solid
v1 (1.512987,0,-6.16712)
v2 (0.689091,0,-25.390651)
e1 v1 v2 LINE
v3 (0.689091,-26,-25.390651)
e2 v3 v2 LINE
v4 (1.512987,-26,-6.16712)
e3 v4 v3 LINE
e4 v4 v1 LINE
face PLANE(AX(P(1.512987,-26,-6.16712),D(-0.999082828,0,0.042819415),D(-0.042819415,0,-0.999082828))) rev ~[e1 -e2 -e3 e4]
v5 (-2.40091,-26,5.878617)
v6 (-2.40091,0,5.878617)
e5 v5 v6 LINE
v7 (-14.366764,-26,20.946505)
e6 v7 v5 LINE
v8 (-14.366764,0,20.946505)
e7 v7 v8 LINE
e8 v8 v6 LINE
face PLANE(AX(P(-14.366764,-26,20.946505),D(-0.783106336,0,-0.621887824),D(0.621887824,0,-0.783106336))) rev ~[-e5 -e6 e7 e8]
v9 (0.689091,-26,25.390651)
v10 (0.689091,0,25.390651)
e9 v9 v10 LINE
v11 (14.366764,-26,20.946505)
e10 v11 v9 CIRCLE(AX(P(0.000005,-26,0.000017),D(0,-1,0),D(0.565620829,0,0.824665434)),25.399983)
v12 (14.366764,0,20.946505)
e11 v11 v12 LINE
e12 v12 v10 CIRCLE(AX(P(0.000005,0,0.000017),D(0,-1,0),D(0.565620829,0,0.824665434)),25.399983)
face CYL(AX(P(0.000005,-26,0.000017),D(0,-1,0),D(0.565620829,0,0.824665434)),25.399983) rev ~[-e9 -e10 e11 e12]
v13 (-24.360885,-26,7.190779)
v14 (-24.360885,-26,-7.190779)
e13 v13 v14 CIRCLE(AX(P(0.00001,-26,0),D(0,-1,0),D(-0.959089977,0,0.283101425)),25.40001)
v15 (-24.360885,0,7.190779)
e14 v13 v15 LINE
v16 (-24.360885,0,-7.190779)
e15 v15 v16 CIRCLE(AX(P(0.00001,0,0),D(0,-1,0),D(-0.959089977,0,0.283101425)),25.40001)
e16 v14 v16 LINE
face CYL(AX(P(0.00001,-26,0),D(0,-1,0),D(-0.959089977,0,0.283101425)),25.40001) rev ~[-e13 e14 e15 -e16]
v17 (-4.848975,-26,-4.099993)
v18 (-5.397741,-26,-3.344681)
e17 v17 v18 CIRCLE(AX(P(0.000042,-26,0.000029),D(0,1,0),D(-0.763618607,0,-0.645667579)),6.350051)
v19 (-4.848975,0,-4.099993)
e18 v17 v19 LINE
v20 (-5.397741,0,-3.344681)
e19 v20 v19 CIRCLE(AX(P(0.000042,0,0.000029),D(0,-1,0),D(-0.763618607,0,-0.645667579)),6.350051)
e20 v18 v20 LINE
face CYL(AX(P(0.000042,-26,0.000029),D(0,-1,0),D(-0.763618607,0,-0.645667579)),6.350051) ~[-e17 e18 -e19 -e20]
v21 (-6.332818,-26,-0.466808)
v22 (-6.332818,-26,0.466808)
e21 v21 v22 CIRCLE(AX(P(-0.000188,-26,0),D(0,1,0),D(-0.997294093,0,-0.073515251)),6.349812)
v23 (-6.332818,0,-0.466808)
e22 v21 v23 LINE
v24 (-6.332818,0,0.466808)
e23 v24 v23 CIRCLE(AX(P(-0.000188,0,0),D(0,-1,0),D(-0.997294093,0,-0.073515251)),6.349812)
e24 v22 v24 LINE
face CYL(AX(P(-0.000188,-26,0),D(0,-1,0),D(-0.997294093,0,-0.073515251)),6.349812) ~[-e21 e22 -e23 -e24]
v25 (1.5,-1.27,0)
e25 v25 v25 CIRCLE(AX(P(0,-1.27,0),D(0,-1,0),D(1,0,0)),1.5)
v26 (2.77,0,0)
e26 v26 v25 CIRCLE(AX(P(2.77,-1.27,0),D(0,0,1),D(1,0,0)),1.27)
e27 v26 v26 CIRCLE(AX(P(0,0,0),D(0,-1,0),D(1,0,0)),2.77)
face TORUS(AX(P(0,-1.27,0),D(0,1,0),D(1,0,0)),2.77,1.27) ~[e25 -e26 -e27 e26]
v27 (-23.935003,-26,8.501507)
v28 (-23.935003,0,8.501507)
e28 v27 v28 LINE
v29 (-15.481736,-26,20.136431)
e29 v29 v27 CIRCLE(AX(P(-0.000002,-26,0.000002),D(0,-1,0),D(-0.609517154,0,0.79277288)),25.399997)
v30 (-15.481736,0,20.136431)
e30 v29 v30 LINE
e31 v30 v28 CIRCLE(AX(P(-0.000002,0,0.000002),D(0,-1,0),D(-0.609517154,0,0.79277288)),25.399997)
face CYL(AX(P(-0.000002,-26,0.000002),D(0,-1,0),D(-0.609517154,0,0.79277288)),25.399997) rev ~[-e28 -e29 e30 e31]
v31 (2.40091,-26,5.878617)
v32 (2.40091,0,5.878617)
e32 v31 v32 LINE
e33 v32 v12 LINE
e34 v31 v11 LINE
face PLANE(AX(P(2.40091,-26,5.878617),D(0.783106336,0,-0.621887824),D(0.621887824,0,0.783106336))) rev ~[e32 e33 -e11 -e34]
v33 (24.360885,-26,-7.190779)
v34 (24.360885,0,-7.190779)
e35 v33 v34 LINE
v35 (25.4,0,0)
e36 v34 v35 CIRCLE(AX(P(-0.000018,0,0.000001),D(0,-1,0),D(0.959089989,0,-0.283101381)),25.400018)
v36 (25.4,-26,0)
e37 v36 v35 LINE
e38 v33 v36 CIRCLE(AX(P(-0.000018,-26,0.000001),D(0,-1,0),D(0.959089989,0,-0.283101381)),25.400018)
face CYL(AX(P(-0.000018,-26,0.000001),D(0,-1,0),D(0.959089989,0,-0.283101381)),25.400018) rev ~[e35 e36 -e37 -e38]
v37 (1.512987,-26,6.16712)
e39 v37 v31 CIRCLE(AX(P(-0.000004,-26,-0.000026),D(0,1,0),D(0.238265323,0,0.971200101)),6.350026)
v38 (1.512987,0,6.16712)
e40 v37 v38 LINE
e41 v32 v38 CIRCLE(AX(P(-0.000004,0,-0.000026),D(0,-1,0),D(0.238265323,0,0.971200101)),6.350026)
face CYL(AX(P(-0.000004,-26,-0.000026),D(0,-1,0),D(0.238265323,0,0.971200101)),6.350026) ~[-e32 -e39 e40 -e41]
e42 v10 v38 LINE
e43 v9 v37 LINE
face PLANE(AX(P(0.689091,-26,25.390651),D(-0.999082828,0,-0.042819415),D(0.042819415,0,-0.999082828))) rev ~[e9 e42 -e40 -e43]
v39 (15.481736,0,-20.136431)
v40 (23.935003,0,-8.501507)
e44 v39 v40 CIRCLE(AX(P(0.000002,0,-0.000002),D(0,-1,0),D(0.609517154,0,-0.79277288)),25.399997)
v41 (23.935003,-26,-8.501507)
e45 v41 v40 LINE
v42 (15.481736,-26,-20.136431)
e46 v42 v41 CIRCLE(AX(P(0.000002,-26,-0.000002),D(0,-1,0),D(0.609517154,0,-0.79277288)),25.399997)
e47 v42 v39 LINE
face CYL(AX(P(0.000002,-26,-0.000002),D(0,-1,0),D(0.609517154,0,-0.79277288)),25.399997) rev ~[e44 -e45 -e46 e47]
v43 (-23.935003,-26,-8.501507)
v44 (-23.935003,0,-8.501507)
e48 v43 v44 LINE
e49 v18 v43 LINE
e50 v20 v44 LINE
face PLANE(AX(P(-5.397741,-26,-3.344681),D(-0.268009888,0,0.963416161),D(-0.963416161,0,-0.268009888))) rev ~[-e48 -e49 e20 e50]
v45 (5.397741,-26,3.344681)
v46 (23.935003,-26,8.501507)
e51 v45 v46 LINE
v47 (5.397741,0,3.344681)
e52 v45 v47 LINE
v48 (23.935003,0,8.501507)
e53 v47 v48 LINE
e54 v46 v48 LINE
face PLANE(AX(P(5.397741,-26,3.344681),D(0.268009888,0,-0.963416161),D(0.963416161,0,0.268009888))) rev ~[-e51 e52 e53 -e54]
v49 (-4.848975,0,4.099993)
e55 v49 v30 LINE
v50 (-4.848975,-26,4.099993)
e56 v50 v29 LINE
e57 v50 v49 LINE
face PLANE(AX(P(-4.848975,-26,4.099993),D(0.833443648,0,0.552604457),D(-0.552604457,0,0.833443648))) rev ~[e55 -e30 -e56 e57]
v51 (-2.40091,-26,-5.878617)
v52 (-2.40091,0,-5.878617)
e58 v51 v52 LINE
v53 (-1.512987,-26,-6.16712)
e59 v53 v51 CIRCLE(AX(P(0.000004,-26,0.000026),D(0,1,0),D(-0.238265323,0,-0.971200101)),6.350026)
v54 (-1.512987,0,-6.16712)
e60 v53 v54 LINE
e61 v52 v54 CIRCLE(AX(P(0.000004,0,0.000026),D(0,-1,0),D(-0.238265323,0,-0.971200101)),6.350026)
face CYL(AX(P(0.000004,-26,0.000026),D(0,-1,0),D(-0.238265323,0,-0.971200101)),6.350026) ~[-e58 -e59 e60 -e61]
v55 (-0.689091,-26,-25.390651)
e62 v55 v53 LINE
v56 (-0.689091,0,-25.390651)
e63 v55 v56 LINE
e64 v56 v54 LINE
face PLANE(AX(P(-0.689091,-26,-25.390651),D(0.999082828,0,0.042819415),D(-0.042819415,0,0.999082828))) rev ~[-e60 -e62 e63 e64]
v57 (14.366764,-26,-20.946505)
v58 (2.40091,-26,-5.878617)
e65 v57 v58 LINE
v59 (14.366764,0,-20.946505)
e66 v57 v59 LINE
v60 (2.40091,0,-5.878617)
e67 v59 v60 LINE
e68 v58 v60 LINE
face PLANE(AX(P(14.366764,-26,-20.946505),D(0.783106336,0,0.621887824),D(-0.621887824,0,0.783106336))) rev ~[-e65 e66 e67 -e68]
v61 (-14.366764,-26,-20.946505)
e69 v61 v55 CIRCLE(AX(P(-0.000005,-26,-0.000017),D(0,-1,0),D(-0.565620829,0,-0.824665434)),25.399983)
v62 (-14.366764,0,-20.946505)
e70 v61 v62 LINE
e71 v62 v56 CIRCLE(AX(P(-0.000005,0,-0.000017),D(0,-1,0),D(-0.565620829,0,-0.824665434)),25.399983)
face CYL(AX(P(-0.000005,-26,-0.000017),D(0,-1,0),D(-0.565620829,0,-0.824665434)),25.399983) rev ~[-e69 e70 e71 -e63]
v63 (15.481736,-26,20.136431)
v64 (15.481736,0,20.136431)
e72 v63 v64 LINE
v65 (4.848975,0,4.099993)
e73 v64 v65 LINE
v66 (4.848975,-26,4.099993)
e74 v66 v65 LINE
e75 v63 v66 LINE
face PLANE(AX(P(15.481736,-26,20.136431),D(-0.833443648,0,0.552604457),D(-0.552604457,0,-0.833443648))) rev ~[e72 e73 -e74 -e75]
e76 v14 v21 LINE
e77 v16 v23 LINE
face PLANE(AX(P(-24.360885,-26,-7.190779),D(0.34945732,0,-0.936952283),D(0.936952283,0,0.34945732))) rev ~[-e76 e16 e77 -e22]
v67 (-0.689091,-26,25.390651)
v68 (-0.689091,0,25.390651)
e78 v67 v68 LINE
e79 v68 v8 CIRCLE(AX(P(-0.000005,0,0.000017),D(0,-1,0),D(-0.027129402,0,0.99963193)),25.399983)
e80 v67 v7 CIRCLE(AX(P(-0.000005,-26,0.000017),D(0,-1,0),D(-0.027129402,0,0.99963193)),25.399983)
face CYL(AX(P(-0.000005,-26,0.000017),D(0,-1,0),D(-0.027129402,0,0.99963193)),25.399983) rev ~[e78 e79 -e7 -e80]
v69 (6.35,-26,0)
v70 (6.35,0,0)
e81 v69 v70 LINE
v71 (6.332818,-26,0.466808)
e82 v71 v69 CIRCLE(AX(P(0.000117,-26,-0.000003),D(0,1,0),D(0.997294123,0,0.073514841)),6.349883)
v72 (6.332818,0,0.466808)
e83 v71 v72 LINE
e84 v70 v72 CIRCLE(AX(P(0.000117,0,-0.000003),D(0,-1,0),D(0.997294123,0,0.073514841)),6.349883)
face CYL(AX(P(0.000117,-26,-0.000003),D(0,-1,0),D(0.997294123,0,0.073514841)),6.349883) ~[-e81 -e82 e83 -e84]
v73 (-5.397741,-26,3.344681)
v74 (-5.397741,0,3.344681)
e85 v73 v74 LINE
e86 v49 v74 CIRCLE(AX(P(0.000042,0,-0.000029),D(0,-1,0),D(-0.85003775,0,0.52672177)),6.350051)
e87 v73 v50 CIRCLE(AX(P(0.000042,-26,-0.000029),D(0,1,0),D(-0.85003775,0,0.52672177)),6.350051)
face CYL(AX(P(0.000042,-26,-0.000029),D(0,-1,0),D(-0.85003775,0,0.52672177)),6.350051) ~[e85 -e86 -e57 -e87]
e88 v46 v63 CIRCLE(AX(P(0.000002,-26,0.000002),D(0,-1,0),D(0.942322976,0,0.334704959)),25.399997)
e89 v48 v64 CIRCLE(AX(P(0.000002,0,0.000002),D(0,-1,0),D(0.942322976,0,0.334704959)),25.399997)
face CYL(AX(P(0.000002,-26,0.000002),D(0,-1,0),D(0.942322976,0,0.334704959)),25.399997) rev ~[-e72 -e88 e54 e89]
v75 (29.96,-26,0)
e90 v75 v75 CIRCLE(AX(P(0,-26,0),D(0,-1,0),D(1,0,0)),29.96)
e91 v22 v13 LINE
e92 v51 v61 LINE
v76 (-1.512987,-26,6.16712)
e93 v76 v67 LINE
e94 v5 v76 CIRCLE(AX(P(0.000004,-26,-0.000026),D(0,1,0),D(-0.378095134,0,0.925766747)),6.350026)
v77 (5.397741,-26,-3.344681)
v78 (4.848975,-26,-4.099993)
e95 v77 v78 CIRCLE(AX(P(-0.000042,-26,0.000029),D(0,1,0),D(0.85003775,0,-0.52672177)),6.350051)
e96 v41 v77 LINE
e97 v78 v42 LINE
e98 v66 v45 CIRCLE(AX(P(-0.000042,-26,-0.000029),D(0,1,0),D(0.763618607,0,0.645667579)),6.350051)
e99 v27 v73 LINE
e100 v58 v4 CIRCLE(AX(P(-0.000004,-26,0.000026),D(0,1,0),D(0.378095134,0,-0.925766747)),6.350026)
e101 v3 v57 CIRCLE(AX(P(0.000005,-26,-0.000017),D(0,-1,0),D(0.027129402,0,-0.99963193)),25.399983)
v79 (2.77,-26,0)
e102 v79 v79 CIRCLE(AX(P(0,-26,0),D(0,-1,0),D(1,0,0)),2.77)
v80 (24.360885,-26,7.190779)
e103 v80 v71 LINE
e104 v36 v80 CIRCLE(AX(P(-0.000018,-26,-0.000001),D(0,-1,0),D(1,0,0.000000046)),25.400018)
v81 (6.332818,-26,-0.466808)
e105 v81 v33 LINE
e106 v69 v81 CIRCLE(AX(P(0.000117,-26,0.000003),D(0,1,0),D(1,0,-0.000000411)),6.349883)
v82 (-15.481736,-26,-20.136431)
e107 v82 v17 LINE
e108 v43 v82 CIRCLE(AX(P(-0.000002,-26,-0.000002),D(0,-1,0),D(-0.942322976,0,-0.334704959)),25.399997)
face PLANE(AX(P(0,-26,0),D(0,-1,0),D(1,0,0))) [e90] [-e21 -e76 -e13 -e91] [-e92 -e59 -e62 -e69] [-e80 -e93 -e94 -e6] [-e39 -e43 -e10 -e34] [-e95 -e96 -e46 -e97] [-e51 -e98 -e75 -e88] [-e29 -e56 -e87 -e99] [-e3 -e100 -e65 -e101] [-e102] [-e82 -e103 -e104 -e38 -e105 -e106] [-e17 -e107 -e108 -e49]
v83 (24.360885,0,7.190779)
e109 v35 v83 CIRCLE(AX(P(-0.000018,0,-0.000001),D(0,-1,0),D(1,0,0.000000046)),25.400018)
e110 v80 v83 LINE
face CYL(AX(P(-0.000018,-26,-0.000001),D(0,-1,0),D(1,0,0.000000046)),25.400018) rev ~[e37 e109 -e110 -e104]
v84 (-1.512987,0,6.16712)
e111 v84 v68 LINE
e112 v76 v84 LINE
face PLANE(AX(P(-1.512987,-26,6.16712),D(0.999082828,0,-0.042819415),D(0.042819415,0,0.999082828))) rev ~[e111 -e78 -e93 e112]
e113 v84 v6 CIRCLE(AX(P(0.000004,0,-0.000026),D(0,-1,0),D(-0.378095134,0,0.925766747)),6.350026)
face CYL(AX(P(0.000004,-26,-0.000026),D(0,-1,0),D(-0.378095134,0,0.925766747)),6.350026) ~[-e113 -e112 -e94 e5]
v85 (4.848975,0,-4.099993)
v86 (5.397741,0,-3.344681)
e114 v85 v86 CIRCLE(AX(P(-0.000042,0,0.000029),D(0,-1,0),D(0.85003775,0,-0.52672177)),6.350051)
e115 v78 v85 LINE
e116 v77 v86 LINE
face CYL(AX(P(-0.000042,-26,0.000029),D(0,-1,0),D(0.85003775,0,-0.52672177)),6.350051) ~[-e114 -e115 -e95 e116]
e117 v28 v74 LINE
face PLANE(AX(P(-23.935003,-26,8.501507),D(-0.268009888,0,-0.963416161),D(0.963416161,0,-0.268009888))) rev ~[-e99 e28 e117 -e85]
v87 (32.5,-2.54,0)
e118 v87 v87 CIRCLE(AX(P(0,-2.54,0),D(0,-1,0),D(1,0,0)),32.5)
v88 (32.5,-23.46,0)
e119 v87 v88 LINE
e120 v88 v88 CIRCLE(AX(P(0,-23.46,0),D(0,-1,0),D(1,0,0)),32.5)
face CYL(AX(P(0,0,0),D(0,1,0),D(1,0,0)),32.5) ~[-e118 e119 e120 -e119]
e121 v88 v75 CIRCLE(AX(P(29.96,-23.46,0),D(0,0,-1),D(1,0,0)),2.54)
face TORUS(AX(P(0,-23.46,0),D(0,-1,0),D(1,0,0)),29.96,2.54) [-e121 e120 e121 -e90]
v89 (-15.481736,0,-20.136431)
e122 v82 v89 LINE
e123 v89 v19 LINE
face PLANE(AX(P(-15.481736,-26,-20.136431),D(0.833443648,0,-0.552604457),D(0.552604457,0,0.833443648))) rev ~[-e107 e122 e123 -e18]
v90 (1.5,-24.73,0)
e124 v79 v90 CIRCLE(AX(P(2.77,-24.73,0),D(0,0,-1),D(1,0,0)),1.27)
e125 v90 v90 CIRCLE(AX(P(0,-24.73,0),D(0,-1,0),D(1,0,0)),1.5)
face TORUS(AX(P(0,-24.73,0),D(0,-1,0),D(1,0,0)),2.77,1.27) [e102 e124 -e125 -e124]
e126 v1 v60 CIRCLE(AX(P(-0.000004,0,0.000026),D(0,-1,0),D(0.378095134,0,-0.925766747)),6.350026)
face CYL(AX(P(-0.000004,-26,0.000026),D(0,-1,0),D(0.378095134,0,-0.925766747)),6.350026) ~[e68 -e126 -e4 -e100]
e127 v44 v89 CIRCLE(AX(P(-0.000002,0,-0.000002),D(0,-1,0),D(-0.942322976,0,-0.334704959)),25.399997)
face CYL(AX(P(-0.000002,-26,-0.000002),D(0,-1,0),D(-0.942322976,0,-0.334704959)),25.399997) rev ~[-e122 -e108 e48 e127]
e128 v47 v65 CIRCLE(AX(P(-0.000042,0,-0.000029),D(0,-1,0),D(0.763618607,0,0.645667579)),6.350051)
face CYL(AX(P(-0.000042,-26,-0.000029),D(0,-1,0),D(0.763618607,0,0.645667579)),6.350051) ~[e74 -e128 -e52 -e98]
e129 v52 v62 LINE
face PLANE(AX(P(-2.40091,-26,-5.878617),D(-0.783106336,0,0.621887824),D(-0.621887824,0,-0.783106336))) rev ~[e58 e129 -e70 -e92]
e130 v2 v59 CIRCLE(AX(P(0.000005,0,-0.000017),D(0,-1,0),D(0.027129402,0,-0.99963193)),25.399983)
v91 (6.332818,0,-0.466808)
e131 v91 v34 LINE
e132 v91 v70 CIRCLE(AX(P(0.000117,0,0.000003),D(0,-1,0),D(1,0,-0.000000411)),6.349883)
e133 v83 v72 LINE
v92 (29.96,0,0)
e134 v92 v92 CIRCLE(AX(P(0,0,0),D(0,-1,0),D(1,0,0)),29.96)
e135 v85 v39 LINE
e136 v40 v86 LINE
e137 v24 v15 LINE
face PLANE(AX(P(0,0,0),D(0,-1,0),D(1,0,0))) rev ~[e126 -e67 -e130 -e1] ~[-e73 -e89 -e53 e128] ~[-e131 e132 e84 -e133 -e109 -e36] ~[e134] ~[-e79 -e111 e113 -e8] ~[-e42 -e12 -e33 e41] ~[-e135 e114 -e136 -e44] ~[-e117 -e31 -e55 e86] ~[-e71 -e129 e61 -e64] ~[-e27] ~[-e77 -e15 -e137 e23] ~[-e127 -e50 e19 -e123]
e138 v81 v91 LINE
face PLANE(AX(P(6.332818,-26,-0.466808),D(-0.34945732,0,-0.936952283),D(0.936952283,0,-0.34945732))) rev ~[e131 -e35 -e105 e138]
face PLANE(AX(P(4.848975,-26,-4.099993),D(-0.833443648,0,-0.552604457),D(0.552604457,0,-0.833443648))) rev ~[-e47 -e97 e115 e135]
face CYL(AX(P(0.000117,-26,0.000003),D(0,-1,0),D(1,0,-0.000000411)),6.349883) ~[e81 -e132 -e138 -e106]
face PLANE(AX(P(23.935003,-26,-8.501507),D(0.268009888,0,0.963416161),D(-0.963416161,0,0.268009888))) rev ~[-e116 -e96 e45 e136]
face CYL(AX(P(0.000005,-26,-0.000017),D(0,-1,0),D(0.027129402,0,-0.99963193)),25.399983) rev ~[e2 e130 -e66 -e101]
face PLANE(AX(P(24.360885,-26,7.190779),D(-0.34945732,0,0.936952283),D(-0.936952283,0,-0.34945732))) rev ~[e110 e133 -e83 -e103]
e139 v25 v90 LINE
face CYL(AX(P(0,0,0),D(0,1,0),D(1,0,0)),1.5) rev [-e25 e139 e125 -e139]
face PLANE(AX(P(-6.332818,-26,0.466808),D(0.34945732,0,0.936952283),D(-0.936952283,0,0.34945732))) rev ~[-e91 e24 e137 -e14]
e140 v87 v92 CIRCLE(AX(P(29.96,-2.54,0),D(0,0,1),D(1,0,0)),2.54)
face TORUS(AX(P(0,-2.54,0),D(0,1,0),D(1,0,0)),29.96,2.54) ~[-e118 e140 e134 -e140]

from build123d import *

# Parameters (mm, degrees)
F0_R     = 32.5
F0_R_2   = 1.5
F1_DEPTH = 26
F2_R     = 2.54
F4_DEPTH = 50.8
F5_R     = 1.27


with BuildPart() as f1:
    # F0 (on Front) → F1 (new body)
    with BuildSketch(Plane.XZ):
        Circle(F0_R)
        Circle(F0_R_2, mode=Mode.SUBTRACT)
    extrude(amount=F1_DEPTH)

    # F2
    f2_edges = [f1.edges().sort_by_distance(p)[0] for p in [
        (-32.5, -26, 0),
        (-32.5, 0, 0),
    ]]
    fillet(f2_edges, radius=F2_R)

    # F3 (on face) → F4 (cut)
    with BuildSketch(Plane.XZ.offset(26)):
        with BuildLine():
            Line((-1.512987, 6.16712), (-0.689091, 25.390651))
            ThreePointArc((-0.689091, 25.390651), (-7.849032, 24.156836), (-14.366764, 20.946505))
            Line((-14.366764, 20.946505), (-2.40091, 5.878617))
            ThreePointArc((-2.40091, 5.878617), (-1.962258, 6.039209), (-1.512987, 6.16712))
        make_face()
        with BuildLine():
            Line((2.40091, 5.878617), (14.366764, 20.946505))
            ThreePointArc((14.366764, 20.946505), (7.849032, 24.156836), (0.689091, 25.390651))
            Line((0.689091, 25.390651), (1.512987, 6.16712))
            ThreePointArc((1.512987, 6.16712), (1.962258, 6.039209), (2.40091, 5.878617))
        make_face()
        with BuildLine():
            Line((5.397741, 3.344681), (23.935003, 8.501507))
            ThreePointArc((23.935003, 8.501507), (20.549032, 14.929745), (15.481736, 20.136431))
            Line((15.481736, 20.136431), (4.848975, 4.099993))
            ThreePointArc((4.848975, 4.099993), (5.137258, 3.732436), (5.397741, 3.344681))
        make_face()
        with BuildLine():
            ThreePointArc((24.360885, -7.190779), (25.138879, -3.632735), (25.4, 0))
            ThreePointArc((25.4, 0), (25.138879, 3.632735), (24.360885, 7.190779))
            Line((24.360885, 7.190779), (6.332818, 0.466808))
            ThreePointArc((6.332818, 0.466808), (6.345703, 0.233562), (6.35, 0))
            ThreePointArc((6.35, 0), (6.345703, -0.233562), (6.332818, -0.466808))
            Line((6.332818, -0.466808), (24.360885, -7.190779))
        make_face()
        with BuildLine():
            ThreePointArc((15.481736, -20.136431), (20.549032, -14.929745), (23.935003, -8.501507))
            Line((23.935003, -8.501507), (5.397741, -3.344681))
            ThreePointArc((5.397741, -3.344681), (5.137258, -3.732436), (4.848975, -4.099993))
            Line((4.848975, -4.099993), (15.481736, -20.136431))
        make_face()
        with BuildLine():
            ThreePointArc((0.689091, -25.390651), (7.849032, -24.156836), (14.366764, -20.946505))
            Line((14.366764, -20.946505), (2.40091, -5.878617))
            ThreePointArc((2.40091, -5.878617), (1.962258, -6.039209), (1.512987, -6.16712))
            Line((1.512987, -6.16712), (0.689091, -25.390651))
        make_face()
        with BuildLine():
            ThreePointArc((-14.366764, -20.946505), (-7.849032, -24.156836), (-0.689091, -25.390651))
            Line((-0.689091, -25.390651), (-1.512987, -6.16712))
            ThreePointArc((-1.512987, -6.16712), (-1.962258, -6.039209), (-2.40091, -5.878617))
            Line((-2.40091, -5.878617), (-14.366764, -20.946505))
        make_face()
        with BuildLine():
            ThreePointArc((-23.935003, -8.501507), (-20.549032, -14.929745), (-15.481736, -20.136431))
            Line((-15.481736, -20.136431), (-4.848975, -4.099993))
            ThreePointArc((-4.848975, -4.099993), (-5.137258, -3.732436), (-5.397741, -3.344681))
            Line((-5.397741, -3.344681), (-23.935003, -8.501507))
        make_face()
        with BuildLine():
            Line((-6.332818, 0.466808), (-24.360885, 7.190779))
            ThreePointArc((-24.360885, 7.190779), (-25.4, 0), (-24.360885, -7.190779))
            Line((-24.360885, -7.190779), (-6.332818, -0.466808))
            ThreePointArc((-6.332818, -0.466808), (-6.35, 0), (-6.332818, 0.466808))
        make_face()
        with BuildLine():
            Line((-4.848975, 4.099993), (-15.481736, 20.136431))
            ThreePointArc((-15.481736, 20.136431), (-20.549032, 14.929745), (-23.935003, 8.501507))
            Line((-23.935003, 8.501507), (-5.397741, 3.344681))
            ThreePointArc((-5.397741, 3.344681), (-5.137258, 3.732436), (-4.848975, 4.099993))
        make_face()
    extrude(amount=-F4_DEPTH, mode=Mode.SUBTRACT)

    # F5
    f5_edges = [f1.edges().sort_by_distance(p)[0] for p in [
        (-1.5, -26, 0),
        (-1.5, 0, 0),
    ]]
    fillet(f5_edges, radius=F5_R)


solid = f1.part
